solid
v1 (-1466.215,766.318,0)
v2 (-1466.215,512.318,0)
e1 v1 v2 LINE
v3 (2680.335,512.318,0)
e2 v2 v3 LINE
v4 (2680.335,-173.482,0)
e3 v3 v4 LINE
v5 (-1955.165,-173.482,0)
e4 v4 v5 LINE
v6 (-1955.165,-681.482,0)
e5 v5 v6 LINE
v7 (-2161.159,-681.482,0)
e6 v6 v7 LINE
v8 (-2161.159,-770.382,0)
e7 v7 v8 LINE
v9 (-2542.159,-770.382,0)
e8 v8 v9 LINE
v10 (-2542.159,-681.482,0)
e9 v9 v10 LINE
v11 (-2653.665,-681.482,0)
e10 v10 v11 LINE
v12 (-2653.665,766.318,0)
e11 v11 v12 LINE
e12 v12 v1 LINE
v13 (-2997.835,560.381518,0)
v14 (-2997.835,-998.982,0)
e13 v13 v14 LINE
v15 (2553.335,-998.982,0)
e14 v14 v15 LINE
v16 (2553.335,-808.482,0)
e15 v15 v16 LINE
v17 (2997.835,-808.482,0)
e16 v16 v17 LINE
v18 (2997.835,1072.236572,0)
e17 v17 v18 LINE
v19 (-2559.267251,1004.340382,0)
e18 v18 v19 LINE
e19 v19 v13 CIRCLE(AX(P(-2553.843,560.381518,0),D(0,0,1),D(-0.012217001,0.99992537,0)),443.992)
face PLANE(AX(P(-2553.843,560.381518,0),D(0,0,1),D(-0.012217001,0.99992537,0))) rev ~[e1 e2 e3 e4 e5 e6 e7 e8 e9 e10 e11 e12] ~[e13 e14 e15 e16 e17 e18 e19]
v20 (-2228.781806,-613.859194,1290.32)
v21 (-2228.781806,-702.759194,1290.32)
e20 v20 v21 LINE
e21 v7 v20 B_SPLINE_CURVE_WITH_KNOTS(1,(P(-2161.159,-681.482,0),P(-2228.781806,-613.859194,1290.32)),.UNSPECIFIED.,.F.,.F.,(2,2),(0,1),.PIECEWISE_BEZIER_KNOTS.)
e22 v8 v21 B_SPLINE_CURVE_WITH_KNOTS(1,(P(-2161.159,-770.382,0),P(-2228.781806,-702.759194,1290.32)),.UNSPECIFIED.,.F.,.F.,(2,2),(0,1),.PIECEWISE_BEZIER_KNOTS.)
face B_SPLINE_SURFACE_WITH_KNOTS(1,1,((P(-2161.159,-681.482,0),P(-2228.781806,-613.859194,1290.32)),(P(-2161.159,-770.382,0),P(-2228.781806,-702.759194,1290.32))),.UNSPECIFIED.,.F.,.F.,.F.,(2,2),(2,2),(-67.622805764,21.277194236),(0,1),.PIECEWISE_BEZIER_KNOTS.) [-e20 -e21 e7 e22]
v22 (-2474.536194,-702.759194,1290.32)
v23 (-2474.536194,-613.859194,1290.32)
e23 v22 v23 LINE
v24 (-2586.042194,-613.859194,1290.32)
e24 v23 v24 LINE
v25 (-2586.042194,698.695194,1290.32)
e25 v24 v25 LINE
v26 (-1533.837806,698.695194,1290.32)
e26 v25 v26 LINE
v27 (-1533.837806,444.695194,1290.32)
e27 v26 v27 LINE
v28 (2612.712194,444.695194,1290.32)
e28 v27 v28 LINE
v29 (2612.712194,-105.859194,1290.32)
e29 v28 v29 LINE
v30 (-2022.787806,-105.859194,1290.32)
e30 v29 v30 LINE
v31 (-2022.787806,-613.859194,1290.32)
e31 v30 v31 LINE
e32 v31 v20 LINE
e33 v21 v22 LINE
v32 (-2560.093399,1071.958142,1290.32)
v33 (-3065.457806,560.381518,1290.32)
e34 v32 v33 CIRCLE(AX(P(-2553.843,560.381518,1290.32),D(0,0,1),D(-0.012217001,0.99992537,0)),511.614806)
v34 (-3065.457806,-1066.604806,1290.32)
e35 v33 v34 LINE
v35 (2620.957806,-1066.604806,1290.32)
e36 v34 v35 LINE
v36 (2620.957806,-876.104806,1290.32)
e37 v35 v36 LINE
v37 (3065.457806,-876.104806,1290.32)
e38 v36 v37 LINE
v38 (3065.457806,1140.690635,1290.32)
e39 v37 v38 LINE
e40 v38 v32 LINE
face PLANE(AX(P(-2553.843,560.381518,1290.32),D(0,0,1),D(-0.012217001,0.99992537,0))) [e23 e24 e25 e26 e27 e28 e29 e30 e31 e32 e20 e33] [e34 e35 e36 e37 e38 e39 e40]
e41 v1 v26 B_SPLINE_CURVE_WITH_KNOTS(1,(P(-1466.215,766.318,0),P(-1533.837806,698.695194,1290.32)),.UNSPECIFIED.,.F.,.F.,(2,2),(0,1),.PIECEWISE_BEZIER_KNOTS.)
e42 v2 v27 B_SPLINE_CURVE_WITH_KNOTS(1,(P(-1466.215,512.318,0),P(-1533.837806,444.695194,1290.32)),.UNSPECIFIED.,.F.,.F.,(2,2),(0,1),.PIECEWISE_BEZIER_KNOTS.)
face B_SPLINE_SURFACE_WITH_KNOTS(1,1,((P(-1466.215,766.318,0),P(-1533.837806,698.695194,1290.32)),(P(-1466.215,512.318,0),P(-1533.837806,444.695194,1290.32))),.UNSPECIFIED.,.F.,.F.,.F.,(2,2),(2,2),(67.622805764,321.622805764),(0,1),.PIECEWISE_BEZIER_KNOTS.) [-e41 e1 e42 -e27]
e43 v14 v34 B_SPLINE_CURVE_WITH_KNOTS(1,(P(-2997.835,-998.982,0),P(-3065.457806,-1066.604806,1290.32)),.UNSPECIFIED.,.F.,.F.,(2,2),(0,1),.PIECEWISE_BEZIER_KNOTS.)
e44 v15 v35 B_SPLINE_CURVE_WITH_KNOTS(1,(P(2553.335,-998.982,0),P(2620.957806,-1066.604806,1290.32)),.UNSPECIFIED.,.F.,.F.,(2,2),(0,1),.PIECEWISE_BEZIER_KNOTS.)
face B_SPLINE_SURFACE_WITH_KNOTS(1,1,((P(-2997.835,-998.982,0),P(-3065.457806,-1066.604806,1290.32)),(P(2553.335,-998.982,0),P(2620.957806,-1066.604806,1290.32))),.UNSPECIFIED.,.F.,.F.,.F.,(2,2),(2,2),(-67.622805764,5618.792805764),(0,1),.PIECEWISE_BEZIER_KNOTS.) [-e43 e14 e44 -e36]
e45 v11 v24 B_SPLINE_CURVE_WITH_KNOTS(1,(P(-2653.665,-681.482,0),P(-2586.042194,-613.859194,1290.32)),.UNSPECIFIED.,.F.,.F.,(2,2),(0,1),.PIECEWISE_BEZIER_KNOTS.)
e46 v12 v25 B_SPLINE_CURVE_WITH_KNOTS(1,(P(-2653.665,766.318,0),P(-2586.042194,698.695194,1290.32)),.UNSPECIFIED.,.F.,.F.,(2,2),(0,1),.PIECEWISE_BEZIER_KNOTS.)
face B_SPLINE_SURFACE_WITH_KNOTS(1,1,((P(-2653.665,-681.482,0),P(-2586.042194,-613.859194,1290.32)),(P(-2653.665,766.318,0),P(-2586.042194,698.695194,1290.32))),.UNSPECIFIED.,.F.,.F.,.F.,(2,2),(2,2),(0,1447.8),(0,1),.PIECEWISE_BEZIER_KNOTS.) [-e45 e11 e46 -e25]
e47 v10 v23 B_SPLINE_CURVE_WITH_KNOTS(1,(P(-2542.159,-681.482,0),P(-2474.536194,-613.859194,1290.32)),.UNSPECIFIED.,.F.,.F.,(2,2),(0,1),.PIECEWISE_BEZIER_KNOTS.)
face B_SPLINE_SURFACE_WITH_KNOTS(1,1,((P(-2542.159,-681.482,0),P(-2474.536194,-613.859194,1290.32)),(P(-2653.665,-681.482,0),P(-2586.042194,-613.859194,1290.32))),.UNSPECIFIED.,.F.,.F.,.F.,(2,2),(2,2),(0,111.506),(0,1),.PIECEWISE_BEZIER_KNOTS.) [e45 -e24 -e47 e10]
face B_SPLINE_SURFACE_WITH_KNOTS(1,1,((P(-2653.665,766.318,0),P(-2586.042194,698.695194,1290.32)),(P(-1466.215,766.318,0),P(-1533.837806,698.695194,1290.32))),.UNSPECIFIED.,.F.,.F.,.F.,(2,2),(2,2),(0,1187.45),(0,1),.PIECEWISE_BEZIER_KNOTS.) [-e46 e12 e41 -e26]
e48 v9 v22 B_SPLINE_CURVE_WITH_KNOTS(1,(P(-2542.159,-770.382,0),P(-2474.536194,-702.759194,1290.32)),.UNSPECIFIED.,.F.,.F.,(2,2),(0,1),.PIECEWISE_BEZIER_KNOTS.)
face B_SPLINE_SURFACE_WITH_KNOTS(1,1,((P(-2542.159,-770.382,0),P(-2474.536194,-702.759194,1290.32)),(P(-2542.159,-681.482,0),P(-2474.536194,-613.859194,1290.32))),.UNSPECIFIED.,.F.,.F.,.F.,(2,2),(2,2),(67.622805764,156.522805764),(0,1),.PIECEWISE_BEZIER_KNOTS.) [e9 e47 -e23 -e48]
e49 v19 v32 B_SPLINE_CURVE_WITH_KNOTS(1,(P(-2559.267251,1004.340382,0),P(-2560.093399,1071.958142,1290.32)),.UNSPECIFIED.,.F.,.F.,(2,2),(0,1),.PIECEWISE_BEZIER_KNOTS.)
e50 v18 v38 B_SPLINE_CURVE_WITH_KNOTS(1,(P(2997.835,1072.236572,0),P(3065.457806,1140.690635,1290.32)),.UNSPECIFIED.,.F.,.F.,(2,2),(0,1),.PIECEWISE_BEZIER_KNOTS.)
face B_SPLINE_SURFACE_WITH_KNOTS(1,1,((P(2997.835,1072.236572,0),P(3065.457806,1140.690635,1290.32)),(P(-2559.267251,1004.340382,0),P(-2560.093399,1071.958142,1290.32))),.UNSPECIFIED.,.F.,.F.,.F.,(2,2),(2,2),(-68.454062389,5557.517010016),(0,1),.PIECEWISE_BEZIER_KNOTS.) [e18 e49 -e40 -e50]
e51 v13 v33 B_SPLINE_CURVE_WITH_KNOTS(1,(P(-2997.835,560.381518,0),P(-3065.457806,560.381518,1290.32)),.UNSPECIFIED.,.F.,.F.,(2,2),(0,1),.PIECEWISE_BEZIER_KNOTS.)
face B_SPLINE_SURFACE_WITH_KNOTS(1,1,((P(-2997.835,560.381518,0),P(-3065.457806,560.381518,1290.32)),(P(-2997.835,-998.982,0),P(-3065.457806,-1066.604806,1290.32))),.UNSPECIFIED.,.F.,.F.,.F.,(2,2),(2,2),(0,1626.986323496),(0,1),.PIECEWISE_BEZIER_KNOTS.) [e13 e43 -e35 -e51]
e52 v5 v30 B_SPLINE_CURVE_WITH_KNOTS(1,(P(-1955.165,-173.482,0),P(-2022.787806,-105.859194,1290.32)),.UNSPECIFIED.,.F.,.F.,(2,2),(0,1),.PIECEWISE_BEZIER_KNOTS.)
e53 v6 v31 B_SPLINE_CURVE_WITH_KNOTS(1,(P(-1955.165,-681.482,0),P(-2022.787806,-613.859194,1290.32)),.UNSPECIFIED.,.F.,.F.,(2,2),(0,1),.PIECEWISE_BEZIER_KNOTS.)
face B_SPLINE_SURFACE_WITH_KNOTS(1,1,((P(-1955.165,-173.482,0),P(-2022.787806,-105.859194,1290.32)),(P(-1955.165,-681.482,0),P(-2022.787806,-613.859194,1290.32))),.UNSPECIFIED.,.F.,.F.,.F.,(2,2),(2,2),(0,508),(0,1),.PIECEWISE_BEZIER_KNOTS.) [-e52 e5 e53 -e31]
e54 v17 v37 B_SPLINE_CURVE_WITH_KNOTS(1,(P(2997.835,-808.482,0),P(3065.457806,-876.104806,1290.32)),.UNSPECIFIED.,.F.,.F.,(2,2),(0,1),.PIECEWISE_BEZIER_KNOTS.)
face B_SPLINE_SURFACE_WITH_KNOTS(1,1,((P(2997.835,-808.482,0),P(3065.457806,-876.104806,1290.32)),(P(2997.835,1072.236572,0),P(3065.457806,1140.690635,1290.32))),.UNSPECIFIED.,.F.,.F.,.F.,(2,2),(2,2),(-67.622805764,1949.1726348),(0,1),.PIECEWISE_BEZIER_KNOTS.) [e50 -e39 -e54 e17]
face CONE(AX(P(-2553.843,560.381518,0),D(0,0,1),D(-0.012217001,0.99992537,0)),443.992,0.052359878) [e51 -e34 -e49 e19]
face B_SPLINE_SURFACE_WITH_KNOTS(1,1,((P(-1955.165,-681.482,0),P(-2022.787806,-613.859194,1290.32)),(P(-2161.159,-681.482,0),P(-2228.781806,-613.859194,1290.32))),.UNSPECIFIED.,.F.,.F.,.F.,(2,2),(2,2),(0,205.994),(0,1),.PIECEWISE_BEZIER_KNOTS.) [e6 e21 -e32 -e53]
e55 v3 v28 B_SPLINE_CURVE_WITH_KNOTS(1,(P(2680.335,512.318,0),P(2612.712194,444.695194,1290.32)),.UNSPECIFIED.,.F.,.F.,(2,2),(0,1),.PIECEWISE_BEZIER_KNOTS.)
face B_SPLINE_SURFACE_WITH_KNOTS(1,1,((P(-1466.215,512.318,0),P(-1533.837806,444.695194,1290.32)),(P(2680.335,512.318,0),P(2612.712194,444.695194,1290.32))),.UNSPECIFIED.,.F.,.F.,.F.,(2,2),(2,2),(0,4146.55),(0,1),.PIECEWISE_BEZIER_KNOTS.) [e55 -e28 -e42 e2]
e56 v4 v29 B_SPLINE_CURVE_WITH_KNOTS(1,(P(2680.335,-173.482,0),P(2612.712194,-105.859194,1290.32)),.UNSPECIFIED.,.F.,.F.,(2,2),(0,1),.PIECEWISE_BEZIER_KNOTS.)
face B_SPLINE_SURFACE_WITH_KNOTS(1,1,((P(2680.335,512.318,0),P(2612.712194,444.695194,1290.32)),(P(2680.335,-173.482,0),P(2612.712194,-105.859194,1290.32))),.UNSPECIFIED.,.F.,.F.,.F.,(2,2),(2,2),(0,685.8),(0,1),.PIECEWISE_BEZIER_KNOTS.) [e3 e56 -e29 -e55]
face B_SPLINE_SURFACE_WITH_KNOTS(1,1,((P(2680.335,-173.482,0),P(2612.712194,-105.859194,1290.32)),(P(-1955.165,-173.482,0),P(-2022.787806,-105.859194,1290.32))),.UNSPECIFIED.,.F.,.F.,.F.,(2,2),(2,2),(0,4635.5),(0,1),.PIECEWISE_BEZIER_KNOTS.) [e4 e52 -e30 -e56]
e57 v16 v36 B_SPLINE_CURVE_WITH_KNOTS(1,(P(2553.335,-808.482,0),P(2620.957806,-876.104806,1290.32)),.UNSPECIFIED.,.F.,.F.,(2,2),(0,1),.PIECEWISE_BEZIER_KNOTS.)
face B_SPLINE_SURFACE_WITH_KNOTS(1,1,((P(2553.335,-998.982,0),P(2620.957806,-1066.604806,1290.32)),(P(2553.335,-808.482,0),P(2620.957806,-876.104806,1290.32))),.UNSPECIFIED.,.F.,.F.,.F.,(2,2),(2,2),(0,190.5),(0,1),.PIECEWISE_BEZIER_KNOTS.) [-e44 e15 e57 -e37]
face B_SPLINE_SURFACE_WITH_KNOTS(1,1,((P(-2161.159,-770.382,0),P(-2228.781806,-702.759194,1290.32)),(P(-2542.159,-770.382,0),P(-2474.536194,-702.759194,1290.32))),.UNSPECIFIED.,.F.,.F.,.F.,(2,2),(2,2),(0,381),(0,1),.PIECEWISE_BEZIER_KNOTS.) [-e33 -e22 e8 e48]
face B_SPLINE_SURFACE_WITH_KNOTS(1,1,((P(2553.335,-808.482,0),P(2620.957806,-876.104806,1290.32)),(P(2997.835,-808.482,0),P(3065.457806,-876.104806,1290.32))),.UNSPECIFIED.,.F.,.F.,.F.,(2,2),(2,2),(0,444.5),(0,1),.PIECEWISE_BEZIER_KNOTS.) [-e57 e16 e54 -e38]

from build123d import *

# Parameters (mm, degrees)
F1_DEPTH = 1290.32
F1_TAPER = -3


with BuildPart() as f1:
    # F0 (on Top) → F1 (new body)
    with BuildSketch(Plane.XY):
        with BuildLine():
            Line((-2997.835, -998.982), (2553.335, -998.982))
            Line((2553.335, -998.982), (2553.335, -808.482))
            Line((2553.335, -808.482), (2997.835, -808.482))
            Line((2997.835, -808.482), (2997.835, 998.982))
            Line((2997.835, 998.982), (2997.835, 1072.2365724115))
            Line((2997.835, 1072.2365724115), (-2559.2672506348, 1004.3403824582))
            ThreePointArc((-2559.2672506348, 1004.3403824582), (-2869.7046943789, 872.4076161405), (-2997.835, 560.3815177319))
            Line((-2997.835, 560.3815177319), (-2997.835, -998.982))
        make_face()
        Polygon((-2542.159, -681.482), (-2653.665, -681.482), (-2653.665, 512.318), (-2653.665, 766.318), (-1466.215, 766.318), (-1466.215, 512.318), (2680.335, 512.318), (2680.335, -173.482), (-1955.165, -173.482), (-1955.165, -681.482), (-2161.159, -681.482), (-2161.159, -770.382), (-2542.159, -770.382), align=None, mode=Mode.SUBTRACT)
    extrude(amount=F1_DEPTH, taper=F1_TAPER)


solid = f1.part
